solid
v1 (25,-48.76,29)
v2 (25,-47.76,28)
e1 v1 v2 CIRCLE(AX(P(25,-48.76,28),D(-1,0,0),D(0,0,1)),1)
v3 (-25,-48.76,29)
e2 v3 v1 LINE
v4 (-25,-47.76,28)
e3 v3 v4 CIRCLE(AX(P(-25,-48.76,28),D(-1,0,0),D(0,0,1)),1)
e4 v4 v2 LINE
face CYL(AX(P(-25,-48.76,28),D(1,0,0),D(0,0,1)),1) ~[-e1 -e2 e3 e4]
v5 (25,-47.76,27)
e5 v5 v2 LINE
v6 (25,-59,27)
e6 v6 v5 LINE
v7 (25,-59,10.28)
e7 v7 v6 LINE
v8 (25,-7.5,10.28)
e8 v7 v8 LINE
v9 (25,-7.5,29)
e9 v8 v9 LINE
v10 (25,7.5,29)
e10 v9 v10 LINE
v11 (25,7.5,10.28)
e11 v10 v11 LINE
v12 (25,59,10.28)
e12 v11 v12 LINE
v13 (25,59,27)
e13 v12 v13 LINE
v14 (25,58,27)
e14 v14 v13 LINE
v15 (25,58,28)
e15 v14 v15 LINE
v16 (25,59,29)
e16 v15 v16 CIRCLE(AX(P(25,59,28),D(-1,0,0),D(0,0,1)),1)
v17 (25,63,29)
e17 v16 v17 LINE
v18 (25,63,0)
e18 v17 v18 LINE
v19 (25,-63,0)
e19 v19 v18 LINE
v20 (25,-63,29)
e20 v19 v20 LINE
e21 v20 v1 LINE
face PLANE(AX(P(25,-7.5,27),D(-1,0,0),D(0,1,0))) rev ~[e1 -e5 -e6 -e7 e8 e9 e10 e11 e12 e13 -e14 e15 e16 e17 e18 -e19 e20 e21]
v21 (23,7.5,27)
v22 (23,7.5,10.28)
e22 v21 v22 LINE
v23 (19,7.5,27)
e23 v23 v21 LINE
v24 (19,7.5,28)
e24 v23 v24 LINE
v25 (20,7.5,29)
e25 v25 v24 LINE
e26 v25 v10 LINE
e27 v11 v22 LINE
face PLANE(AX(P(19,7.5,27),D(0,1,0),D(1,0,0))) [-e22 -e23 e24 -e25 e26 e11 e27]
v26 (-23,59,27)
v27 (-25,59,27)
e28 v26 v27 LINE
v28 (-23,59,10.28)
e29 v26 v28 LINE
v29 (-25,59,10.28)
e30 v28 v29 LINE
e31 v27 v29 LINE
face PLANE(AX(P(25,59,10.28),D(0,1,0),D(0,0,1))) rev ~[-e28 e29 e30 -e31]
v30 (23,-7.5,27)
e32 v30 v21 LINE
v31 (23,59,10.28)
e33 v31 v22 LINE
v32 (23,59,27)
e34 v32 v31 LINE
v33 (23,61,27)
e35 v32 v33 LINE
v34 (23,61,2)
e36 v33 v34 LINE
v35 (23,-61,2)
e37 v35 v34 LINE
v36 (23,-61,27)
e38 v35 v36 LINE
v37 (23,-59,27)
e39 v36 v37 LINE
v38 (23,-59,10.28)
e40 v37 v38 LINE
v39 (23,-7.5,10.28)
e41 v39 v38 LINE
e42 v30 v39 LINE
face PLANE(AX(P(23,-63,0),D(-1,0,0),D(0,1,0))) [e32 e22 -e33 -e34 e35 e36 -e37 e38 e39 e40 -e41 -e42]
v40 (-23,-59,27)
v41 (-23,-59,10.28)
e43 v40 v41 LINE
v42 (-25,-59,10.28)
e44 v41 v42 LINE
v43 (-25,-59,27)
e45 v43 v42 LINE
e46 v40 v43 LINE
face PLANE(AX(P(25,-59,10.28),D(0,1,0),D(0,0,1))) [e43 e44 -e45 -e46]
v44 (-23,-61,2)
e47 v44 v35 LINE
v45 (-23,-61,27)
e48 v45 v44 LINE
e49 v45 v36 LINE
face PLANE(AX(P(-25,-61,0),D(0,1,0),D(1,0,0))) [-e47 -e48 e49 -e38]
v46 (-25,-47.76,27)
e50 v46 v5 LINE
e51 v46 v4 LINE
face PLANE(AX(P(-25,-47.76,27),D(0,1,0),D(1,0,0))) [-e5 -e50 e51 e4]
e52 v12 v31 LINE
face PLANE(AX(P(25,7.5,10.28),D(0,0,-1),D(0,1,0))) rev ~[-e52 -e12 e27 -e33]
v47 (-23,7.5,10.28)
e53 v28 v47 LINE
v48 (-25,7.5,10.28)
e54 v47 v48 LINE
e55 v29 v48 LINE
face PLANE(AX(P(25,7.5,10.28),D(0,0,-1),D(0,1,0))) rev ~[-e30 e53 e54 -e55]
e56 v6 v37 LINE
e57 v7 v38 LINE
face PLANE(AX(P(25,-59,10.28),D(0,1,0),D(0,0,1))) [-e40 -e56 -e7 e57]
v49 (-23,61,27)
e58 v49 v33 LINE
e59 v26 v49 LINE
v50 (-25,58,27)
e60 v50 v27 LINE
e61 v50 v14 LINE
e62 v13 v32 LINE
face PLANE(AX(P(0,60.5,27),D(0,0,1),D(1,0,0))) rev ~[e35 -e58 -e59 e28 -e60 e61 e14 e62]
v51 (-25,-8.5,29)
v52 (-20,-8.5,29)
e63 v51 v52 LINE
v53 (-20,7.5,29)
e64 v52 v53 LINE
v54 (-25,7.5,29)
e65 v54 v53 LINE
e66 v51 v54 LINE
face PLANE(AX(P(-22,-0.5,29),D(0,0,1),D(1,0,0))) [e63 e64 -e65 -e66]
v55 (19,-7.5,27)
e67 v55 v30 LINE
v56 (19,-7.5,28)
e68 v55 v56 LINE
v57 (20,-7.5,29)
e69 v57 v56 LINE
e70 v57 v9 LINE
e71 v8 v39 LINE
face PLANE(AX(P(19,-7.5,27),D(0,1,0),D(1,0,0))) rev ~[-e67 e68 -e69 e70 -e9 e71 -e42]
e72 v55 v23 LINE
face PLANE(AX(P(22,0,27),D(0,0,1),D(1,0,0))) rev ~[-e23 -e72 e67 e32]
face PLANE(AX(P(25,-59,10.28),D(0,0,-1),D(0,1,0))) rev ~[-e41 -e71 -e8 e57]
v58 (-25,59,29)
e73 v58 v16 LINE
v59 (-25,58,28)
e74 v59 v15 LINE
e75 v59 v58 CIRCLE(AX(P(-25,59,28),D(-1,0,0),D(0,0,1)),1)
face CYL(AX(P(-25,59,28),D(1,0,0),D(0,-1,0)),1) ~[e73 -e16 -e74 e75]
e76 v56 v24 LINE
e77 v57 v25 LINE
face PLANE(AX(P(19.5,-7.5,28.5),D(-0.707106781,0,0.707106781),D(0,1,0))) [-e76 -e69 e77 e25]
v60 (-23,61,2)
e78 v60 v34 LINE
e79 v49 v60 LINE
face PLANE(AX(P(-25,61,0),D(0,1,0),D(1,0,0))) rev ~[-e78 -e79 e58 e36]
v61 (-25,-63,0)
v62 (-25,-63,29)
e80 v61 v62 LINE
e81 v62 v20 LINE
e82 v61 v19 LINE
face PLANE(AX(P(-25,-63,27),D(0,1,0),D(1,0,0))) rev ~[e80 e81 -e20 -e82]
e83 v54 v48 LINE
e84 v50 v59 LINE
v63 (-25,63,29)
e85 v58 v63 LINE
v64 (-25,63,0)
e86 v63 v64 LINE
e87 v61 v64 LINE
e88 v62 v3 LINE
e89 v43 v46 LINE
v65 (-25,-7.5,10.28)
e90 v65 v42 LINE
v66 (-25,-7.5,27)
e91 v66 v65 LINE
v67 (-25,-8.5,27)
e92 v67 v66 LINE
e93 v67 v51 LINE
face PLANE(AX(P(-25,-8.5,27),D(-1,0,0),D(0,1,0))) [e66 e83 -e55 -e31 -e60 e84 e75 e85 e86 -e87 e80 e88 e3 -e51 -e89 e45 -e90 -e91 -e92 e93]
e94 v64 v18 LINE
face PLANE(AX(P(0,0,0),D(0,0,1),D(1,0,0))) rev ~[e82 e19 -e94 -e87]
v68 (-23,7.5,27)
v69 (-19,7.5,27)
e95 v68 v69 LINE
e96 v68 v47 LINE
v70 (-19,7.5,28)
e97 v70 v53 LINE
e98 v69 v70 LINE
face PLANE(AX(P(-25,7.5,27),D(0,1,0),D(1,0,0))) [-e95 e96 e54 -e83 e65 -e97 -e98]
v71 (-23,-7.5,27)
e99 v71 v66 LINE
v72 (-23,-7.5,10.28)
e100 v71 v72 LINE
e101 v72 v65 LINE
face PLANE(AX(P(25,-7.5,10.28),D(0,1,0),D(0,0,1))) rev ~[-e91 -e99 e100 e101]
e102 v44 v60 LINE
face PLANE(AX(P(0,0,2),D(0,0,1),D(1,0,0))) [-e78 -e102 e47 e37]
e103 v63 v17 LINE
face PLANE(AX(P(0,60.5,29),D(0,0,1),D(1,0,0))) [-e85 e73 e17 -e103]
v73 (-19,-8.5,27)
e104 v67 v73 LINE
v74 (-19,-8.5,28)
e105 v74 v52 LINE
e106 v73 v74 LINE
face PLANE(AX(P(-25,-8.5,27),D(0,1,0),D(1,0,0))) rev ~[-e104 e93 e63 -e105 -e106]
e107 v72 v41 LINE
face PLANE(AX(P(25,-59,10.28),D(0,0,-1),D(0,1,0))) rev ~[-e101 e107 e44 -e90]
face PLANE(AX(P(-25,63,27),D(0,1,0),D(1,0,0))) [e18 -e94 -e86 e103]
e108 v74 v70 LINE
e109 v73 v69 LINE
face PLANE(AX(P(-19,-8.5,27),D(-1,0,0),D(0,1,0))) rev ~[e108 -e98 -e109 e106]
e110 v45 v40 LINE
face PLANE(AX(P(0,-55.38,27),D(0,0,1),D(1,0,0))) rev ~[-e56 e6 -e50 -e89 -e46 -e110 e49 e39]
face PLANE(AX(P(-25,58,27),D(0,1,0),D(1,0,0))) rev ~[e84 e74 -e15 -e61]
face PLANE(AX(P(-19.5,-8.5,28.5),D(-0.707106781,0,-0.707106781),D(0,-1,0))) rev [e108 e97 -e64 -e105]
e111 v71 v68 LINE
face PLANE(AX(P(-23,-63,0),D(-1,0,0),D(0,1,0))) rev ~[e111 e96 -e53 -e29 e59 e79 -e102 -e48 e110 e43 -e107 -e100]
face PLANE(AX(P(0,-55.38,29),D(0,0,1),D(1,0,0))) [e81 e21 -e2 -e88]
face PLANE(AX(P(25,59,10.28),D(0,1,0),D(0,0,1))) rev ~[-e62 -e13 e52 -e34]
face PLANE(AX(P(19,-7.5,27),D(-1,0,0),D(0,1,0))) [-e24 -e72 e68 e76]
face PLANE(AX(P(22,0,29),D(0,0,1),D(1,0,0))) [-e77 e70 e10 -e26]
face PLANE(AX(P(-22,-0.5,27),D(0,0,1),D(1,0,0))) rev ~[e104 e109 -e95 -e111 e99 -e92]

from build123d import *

# Parameters (mm, degrees)
SKETCH_W        = 50
SKETCH_H        = 126
PAD_DEPTH       = 27
THICKNESS_T     = -2
SKETCH001_W     = 51.5
SKETCH001_H     = 16.72
POCKET_DEPTH    = 50.001
SKETCH002_W     = 50
SKETCH002_H     = 15.24
PAD001_DEPTH    = 2
SKETCH003_W     = 50
SKETCH003_H     = 5
PAD002_DEPTH    = 2
SKETCH004_W     = 6
SKETCH004_H     = 15
PAD003_DEPTH    = 2
SKETCH005_W     = 6
SKETCH005_H     = 16
PAD004_DEPTH    = 2
CHAMFER_SIZE    = 1
CHAMFER001_SIZE = 1
FILLET_R        = 1
FILLET001_R     = 1


with BuildPart() as part:
    # Sketch → Pad (new body)
    with BuildSketch(Plane.XY):
        Rectangle(SKETCH_W, SKETCH_H)
    extrude(amount=PAD_DEPTH)

    # Thickness
    thickness_openings = [part.faces().sort_by_distance(p)[0] for p in [
        (0, 0, 27),
    ]]
    offset(amount=THICKNESS_T, openings=thickness_openings)

    # Sketch001 (on Face3 of Thickness) → Pocket (cut, through all)
    with BuildSketch(Plane.YZ.offset(25)):
        with Locations((-33.25, 18.64)):
            Rectangle(SKETCH001_W, SKETCH001_H)
        with Locations((33.25, 18.64)):
            Rectangle(SKETCH001_W, SKETCH001_H)
    extrude(amount=-POCKET_DEPTH, mode=Mode.SUBTRACT)

    # Sketch002 (on Face4 of Pocket) → Pad001 (join)
    with BuildSketch(Plane.XY.offset(27)):
        with Locations((0, -55.38)):
            Rectangle(SKETCH002_W, SKETCH002_H)
    extrude(amount=PAD001_DEPTH)

    # Sketch003 (on Face12 of Pad001) → Pad002 (join)
    with BuildSketch(Plane.XY.offset(27)):
        with Locations((0, 60.5)):
            Rectangle(SKETCH003_W, SKETCH003_H)
    extrude(amount=PAD002_DEPTH)

    # Sketch004 (on Face6 of Pad002) → Pad003 (join)
    with BuildSketch(Plane.XY.offset(27)):
        with Locations((22, 0)):
            Rectangle(SKETCH004_W, SKETCH004_H)
    extrude(amount=PAD003_DEPTH)

    # Sketch005 (on Face13 of Pad003) → Pad004 (join)
    with BuildSketch(Plane.XY.offset(27)):
        with Locations((-22, -0.5)):
            Rectangle(SKETCH005_W, SKETCH005_H)
    extrude(amount=PAD004_DEPTH)

    # Chamfer
    chamfer_edges = [part.edges().sort_by_distance(p)[0] for p in [
        (-19, -0.5, 29),
    ]]
    chamfer(chamfer_edges, length=CHAMFER_SIZE)

    # Chamfer001
    chamfer001_edges = [part.edges().sort_by_distance(p)[0] for p in [
        (19, 0, 29),
    ]]
    chamfer(chamfer001_edges, length=CHAMFER001_SIZE)

    # Fillet
    fillet_edges = [part.edges().sort_by_distance(p)[0] for p in [
        (0, 58, 29),
    ]]
    fillet(fillet_edges, radius=FILLET_R)

    # Fillet001
    fillet001_edges = [part.edges().sort_by_distance(p)[0] for p in [
        (0, -47.76, 29),
    ]]
    fillet(fillet001_edges, radius=FILLET001_R)


solid = part.part
